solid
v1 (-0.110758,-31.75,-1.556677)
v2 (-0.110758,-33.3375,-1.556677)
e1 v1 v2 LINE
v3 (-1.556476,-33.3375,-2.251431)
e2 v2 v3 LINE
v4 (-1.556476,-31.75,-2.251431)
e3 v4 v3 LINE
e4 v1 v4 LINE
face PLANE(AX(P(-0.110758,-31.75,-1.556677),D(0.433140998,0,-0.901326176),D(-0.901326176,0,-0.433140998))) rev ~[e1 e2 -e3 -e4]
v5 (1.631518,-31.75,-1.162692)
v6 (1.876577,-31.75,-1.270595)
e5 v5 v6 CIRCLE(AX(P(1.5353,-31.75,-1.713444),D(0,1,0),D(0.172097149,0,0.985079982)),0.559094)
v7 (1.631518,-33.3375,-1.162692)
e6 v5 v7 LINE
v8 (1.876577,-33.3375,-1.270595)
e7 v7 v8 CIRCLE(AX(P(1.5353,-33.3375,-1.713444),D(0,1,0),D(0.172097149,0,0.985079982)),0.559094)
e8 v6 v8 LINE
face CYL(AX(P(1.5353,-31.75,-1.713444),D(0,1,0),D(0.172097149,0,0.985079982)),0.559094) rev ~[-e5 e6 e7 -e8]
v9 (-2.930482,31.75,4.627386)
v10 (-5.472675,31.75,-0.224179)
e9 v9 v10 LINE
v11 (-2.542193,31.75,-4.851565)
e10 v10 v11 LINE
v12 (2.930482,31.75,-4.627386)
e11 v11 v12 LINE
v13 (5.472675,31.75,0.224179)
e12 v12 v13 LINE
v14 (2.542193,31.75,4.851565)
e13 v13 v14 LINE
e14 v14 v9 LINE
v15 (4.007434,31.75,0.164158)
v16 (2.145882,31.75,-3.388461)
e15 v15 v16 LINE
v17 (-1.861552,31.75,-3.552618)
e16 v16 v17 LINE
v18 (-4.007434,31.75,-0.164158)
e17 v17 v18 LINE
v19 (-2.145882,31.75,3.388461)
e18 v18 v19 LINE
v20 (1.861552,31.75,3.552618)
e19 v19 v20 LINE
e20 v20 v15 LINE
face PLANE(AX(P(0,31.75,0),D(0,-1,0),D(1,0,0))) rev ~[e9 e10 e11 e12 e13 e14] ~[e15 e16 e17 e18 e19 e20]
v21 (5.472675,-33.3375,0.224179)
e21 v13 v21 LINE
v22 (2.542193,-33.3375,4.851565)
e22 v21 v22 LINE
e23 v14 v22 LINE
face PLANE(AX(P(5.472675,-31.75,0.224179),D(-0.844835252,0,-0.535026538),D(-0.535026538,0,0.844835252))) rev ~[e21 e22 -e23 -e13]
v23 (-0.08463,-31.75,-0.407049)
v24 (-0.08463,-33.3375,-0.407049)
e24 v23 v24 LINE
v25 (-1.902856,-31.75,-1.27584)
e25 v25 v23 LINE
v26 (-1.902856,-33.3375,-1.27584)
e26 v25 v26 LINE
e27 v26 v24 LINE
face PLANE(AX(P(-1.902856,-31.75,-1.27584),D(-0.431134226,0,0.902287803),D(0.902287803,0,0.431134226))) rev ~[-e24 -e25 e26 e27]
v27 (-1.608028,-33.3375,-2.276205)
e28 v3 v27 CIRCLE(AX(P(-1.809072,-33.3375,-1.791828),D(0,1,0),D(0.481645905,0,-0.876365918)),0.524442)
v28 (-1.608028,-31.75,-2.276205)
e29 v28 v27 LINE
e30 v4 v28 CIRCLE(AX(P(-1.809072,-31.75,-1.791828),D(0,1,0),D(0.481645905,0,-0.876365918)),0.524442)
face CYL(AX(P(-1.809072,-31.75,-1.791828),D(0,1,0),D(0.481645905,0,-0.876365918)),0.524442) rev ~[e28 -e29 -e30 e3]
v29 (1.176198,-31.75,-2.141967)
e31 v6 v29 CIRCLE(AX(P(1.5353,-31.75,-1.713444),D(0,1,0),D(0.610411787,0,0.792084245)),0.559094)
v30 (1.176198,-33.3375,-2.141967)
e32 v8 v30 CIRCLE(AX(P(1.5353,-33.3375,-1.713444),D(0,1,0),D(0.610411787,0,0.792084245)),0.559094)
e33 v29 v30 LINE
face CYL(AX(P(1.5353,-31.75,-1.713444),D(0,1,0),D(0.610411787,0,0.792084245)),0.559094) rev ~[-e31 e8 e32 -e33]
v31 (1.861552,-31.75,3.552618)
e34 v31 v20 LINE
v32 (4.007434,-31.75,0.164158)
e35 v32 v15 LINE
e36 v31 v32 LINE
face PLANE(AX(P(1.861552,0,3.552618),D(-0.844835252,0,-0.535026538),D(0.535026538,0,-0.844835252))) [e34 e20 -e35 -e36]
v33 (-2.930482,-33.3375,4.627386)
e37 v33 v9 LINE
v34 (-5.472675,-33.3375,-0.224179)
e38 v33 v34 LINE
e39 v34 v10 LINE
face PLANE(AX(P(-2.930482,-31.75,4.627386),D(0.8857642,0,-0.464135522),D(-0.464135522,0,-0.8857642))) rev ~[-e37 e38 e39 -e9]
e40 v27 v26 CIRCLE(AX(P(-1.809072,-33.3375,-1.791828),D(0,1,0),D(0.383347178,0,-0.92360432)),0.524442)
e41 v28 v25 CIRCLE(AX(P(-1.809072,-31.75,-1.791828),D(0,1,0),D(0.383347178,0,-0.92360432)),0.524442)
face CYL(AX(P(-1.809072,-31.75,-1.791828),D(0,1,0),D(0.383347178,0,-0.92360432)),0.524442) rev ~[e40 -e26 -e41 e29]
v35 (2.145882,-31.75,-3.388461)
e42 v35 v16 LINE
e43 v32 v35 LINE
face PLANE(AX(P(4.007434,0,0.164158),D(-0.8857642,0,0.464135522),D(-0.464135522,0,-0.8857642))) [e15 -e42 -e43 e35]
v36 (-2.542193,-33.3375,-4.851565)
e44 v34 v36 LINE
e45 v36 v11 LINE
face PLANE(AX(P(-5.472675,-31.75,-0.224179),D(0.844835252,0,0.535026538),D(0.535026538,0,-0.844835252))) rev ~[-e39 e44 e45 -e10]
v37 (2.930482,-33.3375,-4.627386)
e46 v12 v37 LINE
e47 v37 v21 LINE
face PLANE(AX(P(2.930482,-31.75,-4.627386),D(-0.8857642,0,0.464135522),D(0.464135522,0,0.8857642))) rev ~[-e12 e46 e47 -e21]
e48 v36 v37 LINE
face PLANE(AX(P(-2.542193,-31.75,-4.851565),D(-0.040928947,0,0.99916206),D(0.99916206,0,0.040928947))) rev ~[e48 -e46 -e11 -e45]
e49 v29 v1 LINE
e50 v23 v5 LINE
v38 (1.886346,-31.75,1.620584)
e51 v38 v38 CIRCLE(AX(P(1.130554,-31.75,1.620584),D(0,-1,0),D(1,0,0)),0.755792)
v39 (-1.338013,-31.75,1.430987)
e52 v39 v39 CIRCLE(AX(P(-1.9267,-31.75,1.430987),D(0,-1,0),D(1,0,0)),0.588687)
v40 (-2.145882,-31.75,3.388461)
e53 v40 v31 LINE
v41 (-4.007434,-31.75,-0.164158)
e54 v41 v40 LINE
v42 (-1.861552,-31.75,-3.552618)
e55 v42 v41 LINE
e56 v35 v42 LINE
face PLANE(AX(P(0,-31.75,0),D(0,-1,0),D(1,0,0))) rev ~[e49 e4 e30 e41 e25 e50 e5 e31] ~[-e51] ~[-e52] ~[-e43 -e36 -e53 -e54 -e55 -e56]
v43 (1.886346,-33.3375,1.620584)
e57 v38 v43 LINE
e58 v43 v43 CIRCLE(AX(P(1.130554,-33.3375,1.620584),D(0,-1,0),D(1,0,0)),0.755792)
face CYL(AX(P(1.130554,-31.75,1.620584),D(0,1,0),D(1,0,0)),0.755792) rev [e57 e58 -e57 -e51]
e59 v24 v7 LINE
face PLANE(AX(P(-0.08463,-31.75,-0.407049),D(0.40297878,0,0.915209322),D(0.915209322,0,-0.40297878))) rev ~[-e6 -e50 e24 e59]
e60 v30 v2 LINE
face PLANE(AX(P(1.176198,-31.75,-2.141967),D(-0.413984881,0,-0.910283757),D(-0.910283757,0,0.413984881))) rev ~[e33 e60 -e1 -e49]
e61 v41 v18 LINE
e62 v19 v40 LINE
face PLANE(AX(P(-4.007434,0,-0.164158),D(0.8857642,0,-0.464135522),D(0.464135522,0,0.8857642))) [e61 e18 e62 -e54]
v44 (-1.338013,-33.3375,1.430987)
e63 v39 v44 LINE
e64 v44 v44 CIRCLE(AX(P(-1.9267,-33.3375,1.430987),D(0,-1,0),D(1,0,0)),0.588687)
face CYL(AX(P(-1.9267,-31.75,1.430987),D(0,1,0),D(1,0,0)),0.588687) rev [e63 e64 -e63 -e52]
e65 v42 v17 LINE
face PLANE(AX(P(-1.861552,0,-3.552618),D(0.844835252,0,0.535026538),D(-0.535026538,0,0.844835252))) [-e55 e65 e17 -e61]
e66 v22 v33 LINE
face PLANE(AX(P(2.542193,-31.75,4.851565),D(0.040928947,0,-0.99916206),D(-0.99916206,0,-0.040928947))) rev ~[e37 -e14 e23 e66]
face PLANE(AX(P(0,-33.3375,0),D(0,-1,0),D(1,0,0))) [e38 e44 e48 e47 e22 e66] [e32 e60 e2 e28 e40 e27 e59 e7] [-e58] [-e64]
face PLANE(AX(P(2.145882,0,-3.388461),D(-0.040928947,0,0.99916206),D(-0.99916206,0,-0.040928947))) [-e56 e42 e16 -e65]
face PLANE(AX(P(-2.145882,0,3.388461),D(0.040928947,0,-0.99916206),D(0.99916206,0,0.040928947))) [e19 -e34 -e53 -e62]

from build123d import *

# Parameters (mm, degrees)
F1_DEPTH = 31.75
F2_R     = 0.5886867957
F2_R_2   = 0.7557919615
F3_DEPTH = 1.5875


with BuildPart() as f1:
    # F0 (on Front) → F1 (new body, symmetric)
    with BuildSketch(Plane.XZ):
        Polygon((5.4726746476, 0.2241786608), (2.5421929086, 4.8515646018), (-2.930481739, 4.6273859411), (-5.4726746476, -0.2241786608), (-2.5421929086, -4.8515646018), (2.930481739, -4.6273859411), align=None)
        Polygon((-2.1458815411, 3.3884606556), (1.8615522369, 3.5526182559), (4.0074337781, 0.1641576003), (2.1458815411, -3.3884606556), (-1.8615522369, -3.5526182559), (-4.0074337781, -0.1641576003), align=None, mode=Mode.SUBTRACT)
    extrude(amount=F1_DEPTH, both=True)

    # F2 (on face) → F3 (join)
    with BuildSketch(Plane.XZ.offset(31.75)):
        Polygon((-2.5421929086, -4.8515646018), (2.930481739, -4.6273859411), (5.4726746476, 0.2241786608), (2.5421929086, 4.8515646018), (-2.930481739, 4.6273859411), (-5.4726746476, -0.2241786608), align=None)
        Polygon((-1.8615522369, -3.5526182559), (-4.0074337781, -0.1641576003), (-2.1458815411, 3.3884606556), (1.8615522369, 3.5526182559), (4.0074337781, 0.1641576003), (2.1458815411, -3.3884606556), align=None, mode=Mode.SUBTRACT)
        Polygon((-2.1458815411, 3.3884606556), (-4.0074337781, -0.1641576003), (-1.8615522369, -3.5526182559), (2.1458815411, -3.3884606556), (4.0074337781, 0.1641576003), (1.8615522369, 3.5526182559), align=None)
        with BuildLine():
            ThreePointArc((-1.6080282877, -2.2762045416), (-2.3121206431, -1.9400866098), (-1.90285574, -1.2758400079))
            Line((-1.90285574, -1.2758400079), (-0.0846300536, -0.4070492287))
            Line((-0.0846300536, -0.4070492287), (1.6315181704, -1.1626920101))
            ThreePointArc((1.6315181704, -1.1626920101), (1.7606026884, -1.201756272), (1.8765772228, -1.270594755))
            ThreePointArc((1.8765772228, -1.270594755), (1.9710769764, -2.063707268), (1.1761976946, -2.1419670217))
            Line((1.1761976946, -2.1419670217), (-0.1107579301, -1.5566768125))
            Line((-0.1107579301, -1.5566768125), (-1.5564763423, -2.2514307564))
            ThreePointArc((-1.5564763423, -2.2514307564), (-1.5819143346, -2.2645209548), (-1.6080282877, -2.2762045416))
        make_face(mode=Mode.SUBTRACT)
        with Locations((-1.9266997697, 1.430987264)):
            Circle(F2_R, mode=Mode.SUBTRACT)
        with Locations((1.1305541266, 1.6205844004)):
            Circle(F2_R_2, mode=Mode.SUBTRACT)
    extrude(amount=F3_DEPTH)


solid = f1.part
